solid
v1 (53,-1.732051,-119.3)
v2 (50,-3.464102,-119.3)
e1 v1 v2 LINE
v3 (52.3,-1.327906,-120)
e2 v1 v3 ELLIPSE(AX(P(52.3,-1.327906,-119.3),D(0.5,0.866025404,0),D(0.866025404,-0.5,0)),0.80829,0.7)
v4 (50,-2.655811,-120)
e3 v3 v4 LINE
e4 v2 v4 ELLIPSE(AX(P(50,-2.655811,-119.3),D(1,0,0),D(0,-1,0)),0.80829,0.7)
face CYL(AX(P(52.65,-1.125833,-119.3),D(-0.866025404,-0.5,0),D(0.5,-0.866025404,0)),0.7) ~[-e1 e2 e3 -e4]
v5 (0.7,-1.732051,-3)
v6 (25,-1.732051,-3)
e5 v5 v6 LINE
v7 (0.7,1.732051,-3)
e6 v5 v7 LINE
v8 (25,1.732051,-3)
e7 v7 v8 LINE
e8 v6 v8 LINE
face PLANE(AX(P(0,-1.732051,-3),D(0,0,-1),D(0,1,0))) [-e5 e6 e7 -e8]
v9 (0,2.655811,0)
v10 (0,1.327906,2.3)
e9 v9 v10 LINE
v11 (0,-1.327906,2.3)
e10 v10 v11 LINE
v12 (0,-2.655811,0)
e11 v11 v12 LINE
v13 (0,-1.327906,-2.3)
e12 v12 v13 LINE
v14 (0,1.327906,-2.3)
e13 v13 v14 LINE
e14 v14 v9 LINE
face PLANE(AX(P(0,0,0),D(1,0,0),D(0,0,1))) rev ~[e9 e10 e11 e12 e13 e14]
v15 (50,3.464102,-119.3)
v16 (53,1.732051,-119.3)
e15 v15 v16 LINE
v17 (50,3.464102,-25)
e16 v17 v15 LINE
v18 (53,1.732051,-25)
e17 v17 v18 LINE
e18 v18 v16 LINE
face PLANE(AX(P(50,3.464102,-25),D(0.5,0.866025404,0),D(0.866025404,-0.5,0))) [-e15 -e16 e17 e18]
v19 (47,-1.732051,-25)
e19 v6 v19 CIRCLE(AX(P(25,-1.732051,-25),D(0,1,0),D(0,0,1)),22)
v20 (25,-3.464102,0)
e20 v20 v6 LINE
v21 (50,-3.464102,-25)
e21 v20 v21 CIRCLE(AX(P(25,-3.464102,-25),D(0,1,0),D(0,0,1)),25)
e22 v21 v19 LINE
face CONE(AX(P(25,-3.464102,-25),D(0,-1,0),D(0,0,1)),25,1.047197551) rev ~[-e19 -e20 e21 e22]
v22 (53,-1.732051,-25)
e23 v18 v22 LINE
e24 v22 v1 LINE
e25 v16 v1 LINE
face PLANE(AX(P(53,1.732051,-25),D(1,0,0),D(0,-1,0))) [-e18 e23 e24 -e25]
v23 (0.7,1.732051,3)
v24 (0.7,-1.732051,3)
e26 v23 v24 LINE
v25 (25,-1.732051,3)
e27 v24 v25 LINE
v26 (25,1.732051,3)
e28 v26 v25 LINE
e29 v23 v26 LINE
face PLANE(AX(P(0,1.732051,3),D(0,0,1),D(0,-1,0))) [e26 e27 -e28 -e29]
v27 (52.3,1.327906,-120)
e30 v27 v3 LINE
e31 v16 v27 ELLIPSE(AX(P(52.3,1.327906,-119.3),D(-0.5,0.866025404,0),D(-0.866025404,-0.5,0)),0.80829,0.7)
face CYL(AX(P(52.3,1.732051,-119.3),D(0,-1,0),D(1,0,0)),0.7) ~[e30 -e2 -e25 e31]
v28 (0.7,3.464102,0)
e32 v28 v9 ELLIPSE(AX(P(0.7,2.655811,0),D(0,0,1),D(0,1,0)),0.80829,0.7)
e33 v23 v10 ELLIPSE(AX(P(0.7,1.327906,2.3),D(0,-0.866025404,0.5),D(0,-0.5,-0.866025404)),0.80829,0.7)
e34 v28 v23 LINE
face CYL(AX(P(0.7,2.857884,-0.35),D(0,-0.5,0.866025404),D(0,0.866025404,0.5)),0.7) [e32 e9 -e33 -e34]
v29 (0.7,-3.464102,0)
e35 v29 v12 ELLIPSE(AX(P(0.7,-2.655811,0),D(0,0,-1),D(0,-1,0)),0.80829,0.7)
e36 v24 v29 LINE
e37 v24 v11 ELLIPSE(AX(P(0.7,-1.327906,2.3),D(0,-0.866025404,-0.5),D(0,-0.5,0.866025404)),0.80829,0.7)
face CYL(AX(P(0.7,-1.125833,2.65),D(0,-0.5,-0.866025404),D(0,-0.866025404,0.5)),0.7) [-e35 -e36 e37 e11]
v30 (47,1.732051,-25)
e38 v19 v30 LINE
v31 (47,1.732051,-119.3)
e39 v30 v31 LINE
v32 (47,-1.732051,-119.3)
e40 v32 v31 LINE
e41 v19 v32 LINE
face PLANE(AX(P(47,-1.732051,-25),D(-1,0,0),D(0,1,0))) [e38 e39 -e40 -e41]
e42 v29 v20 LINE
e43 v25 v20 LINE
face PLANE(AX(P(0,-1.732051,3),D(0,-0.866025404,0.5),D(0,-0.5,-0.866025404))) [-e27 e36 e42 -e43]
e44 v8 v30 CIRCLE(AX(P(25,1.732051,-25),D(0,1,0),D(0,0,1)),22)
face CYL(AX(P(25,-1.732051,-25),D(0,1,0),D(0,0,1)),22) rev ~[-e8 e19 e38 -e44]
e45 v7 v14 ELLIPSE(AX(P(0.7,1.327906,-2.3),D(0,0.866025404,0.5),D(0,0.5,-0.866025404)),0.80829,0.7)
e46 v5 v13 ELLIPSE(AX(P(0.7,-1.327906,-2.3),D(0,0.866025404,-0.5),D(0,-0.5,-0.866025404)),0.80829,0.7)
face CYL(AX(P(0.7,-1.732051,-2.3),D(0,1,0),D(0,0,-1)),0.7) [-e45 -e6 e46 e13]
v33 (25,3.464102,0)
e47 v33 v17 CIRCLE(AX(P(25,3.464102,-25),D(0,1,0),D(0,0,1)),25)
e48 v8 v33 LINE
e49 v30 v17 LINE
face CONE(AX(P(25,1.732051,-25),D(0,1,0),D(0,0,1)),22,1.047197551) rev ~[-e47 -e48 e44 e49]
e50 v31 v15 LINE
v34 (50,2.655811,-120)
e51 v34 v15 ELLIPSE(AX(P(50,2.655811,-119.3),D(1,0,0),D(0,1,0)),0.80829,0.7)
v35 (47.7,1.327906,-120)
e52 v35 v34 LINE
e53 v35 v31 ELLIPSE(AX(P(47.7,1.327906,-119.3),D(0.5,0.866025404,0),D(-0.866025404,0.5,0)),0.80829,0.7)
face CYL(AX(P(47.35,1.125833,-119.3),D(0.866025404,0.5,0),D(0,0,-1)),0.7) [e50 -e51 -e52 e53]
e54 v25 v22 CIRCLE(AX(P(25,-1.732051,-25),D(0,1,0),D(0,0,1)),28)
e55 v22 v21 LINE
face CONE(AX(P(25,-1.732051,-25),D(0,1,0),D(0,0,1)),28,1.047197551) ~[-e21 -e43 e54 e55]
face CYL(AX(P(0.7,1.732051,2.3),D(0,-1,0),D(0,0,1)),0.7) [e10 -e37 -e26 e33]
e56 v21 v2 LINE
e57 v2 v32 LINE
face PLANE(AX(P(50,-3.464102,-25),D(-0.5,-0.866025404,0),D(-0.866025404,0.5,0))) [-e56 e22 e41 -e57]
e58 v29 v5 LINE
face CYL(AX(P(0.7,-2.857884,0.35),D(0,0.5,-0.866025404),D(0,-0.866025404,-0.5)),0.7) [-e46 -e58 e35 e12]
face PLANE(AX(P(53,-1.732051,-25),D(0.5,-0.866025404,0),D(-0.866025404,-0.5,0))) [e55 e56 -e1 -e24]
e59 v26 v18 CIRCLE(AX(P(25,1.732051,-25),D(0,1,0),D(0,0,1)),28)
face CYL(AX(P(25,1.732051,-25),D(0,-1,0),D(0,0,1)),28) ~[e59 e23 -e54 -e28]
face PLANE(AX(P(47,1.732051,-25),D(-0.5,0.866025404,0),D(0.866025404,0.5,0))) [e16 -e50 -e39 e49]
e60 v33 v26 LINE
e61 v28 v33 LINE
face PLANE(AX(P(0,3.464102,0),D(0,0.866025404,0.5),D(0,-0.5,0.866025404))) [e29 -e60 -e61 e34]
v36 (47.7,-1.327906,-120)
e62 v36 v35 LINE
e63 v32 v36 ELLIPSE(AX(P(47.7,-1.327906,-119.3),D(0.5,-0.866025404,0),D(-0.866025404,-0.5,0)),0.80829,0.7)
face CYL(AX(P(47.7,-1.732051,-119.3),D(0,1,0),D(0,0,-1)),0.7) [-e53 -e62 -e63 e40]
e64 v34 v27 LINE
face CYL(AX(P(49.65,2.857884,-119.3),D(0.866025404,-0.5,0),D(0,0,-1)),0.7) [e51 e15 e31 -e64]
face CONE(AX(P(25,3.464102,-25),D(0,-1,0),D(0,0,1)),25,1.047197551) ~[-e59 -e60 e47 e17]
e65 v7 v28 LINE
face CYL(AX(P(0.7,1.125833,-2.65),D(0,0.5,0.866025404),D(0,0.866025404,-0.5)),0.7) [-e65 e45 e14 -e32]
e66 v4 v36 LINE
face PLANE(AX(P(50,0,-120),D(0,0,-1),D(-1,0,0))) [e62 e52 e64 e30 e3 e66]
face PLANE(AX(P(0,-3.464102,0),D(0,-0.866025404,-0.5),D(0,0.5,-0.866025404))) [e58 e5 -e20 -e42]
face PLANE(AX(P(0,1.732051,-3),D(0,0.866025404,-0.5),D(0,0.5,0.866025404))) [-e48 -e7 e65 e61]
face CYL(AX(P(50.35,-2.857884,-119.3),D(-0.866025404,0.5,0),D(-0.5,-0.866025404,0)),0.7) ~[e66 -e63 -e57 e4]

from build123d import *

# Parameters (mm, degrees)
F3_R = 0.7
F4_R = 0.7


with BuildPart() as f2:
    # F2: sweep along a path in F0
    with BuildLine(Plane.XZ) as f2_path:
        Line((0, 0), (25, 0))
        ThreePointArc((25, 0), (42.6776695297, -7.3223304703), (50, -25))
        Line((50, -25), (50, -120))
    # F1 (on Right) → F2 (sweep)
    with BuildSketch(Plane.YZ):
        Polygon((-1.7320508076, 3), (-3.4641016151, 0), (-1.7320508076, -3), (1.7320508076, -3), (3.4641016151, 0), (1.7320508076, 3), align=None)
    sweep(path=f2_path.line)

    # F3
    f3_edges = [f2.edges().sort_by_distance(p)[0] for p in [
        (0, 0, 3),
        (0, -2.598076, 1.5),
        (0, -2.598076, -1.5),
        (0, 0, -3),
        (0, 2.598076, -1.5),
        (0, 2.598076, 1.5),
    ]]
    fillet(f3_edges, radius=F3_R)

    # F4
    f4_edges = [f2.edges().sort_by_distance(p)[0] for p in [
        (53, 0, -120),
        (51.5, -2.598076, -120),
        (48.5, -2.598076, -120),
        (47, 0, -120),
        (48.5, 2.598076, -120),
        (51.5, 2.598076, -120),
    ]]
    fillet(f4_edges, radius=F4_R)


solid = f2.part
